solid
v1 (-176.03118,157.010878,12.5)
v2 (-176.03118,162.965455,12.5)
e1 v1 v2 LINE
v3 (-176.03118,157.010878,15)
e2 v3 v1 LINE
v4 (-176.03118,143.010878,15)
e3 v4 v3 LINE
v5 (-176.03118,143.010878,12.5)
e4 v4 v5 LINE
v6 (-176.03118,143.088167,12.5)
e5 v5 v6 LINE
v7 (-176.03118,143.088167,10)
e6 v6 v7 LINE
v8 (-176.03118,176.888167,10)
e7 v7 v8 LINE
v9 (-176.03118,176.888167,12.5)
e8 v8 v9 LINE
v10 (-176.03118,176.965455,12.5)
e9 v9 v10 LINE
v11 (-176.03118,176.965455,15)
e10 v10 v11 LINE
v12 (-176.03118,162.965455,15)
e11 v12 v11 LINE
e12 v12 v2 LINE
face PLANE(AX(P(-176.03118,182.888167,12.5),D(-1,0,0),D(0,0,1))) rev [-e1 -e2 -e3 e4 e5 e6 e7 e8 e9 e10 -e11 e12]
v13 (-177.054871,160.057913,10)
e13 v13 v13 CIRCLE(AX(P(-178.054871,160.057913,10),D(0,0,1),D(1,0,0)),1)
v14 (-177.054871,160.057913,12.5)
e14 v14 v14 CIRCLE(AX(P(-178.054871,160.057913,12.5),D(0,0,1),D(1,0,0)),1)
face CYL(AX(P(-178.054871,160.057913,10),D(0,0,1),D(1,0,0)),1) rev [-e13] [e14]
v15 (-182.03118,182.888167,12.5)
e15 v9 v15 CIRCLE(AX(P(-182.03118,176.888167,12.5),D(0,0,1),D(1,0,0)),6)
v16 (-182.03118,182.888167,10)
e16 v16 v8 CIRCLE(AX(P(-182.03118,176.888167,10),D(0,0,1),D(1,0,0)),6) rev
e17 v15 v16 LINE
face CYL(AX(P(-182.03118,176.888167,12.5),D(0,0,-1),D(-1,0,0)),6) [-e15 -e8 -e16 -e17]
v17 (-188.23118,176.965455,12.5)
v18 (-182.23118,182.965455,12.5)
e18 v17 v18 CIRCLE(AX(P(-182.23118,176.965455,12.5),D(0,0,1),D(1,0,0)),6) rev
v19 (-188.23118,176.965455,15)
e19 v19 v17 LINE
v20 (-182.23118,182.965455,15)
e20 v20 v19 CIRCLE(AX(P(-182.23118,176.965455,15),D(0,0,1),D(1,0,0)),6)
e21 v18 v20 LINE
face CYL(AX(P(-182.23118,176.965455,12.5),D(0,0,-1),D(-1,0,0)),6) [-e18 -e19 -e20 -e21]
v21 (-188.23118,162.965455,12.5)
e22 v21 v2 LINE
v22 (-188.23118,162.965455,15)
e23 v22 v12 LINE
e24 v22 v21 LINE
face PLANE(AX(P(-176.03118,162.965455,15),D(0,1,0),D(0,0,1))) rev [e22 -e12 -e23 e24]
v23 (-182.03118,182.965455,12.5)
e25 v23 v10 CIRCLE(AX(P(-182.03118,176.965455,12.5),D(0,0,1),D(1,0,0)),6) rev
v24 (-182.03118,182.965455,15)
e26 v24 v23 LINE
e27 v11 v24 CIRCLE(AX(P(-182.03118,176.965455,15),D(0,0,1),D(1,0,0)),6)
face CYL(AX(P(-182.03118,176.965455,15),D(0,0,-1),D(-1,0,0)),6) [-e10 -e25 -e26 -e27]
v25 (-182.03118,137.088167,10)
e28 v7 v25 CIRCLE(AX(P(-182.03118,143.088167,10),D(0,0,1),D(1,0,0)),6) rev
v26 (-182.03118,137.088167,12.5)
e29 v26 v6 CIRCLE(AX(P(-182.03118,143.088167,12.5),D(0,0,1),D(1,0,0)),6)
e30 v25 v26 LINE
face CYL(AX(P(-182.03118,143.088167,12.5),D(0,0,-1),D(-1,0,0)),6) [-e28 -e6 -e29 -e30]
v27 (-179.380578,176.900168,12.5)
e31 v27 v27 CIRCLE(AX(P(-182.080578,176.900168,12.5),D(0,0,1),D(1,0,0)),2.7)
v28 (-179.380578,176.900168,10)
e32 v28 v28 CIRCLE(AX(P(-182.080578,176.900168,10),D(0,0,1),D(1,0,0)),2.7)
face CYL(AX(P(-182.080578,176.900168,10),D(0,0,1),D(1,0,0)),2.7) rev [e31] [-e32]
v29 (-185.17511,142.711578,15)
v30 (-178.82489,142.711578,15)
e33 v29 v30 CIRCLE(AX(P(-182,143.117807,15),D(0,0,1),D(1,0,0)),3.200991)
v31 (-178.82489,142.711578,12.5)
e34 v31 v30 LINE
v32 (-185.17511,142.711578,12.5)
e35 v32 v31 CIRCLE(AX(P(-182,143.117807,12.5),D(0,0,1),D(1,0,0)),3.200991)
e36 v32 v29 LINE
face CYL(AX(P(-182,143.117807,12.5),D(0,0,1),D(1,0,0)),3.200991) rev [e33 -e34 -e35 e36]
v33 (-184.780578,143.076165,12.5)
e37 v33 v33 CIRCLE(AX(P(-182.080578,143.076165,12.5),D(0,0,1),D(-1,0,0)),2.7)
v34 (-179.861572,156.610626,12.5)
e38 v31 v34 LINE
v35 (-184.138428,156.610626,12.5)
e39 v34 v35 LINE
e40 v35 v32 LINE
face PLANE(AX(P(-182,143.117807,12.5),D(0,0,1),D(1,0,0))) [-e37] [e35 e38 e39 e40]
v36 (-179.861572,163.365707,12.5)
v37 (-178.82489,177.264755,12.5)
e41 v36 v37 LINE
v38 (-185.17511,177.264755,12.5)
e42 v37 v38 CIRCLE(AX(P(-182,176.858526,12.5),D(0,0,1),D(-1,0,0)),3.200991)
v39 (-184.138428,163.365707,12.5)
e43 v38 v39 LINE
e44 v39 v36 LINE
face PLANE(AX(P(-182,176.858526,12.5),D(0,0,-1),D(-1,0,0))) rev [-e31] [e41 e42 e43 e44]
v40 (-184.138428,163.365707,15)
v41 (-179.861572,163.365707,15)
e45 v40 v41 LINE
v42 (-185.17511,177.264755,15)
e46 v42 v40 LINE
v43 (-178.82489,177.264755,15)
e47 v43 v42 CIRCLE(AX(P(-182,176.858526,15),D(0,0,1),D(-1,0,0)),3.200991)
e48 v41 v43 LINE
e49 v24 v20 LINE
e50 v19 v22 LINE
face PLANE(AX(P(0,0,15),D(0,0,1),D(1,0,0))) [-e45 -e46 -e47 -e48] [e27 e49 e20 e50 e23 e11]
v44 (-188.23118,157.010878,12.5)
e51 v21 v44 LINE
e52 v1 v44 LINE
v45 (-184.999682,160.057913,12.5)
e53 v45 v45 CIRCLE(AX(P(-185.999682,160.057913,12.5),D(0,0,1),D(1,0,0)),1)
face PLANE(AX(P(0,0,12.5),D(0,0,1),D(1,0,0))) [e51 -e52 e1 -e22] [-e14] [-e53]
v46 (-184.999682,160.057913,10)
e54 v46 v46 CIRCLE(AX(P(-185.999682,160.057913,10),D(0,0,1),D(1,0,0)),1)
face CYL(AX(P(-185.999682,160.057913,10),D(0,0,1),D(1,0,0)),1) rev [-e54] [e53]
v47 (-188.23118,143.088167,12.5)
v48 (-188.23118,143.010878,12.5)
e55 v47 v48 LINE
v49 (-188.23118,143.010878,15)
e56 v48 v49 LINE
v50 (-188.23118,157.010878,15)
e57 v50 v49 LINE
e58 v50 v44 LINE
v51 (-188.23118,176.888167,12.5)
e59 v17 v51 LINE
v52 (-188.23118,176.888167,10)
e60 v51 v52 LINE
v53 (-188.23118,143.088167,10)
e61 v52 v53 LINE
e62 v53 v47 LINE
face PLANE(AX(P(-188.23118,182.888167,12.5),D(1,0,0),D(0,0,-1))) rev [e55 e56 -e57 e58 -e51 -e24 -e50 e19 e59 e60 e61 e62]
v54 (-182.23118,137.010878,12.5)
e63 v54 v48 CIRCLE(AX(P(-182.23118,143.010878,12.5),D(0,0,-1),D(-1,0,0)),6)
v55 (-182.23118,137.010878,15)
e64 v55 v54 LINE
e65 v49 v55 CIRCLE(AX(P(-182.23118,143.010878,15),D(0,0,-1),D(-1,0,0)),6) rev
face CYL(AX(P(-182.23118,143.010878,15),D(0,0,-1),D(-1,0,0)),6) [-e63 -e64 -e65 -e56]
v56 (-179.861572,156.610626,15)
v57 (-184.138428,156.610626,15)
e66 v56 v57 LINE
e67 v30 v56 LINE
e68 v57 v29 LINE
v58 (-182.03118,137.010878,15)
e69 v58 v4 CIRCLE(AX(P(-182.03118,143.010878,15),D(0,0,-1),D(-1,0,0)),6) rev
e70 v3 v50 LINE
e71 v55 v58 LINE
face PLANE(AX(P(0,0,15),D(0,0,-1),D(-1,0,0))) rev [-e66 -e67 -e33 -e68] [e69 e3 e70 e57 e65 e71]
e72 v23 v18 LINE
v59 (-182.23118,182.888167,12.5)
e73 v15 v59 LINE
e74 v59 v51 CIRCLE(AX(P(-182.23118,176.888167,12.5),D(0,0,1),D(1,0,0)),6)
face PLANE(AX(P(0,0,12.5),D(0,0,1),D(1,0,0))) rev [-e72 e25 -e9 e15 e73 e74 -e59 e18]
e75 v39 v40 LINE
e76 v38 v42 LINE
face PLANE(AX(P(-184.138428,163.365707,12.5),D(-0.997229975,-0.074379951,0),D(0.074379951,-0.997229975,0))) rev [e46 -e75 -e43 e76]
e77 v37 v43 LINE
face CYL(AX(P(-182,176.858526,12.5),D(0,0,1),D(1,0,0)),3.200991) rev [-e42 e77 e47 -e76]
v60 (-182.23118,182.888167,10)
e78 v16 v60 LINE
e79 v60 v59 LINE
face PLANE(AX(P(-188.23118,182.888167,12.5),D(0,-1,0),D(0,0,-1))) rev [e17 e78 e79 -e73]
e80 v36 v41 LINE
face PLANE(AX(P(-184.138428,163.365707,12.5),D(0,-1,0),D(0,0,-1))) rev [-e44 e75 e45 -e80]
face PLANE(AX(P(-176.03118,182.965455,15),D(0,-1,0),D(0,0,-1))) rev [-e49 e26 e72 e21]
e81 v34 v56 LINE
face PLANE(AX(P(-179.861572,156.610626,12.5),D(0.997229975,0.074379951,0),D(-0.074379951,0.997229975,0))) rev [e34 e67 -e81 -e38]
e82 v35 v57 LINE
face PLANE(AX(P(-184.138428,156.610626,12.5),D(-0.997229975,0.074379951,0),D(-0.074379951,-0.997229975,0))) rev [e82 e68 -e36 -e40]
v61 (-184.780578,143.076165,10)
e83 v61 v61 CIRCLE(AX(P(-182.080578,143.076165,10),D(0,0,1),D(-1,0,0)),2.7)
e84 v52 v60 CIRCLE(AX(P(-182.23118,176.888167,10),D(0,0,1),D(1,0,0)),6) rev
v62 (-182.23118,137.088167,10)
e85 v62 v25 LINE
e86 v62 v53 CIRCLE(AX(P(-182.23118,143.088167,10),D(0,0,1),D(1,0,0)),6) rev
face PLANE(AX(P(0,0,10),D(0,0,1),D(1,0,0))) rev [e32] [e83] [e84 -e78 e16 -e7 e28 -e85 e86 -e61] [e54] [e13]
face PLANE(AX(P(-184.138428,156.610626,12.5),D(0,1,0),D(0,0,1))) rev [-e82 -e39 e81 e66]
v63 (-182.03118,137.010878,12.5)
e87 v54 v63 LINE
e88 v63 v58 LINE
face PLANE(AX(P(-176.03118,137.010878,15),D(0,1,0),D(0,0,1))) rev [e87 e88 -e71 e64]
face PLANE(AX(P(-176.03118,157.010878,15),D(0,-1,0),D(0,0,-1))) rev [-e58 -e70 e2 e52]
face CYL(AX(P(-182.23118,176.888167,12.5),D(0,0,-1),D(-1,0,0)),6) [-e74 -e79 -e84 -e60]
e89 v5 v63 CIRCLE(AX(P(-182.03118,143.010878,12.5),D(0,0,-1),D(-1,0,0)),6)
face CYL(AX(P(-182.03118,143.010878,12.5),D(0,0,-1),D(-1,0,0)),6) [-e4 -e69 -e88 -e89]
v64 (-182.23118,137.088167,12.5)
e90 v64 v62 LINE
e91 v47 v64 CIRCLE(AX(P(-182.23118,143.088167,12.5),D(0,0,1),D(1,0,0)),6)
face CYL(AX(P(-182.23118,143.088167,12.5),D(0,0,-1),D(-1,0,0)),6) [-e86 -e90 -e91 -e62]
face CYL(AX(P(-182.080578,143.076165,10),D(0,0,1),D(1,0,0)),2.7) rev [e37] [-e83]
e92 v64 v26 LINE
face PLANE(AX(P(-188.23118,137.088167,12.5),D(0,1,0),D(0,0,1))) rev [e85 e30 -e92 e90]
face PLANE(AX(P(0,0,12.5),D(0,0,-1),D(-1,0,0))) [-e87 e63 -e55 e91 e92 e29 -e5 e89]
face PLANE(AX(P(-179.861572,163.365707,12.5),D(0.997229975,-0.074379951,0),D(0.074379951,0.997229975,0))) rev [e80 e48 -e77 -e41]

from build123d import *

# Parameters (mm, degrees)
SKETCH1_W           = 12.2
SKETCH1_H           = 45.8
BOSS_EXTRUDE1_DEPTH = 2.5
FILLET1_R           = 6
SKETCH2_W           = 12.2
SKETCH2_H           = 20
BOSS_EXTRUDE2_DEPTH = 2.5
FILLET2_R           = 6
SKETCH3_R           = 1
CUT_EXTRUDE1_DEPTH  = 2.5
CUT_EXTRUDE2_DEPTH  = 2.5
SKETCH5_R           = 2.7
CUT_EXTRUDE3_DEPTH  = 2.5


with BuildPart() as part:
    # Sketch1 → Boss-Extrude1 (new body)
    with BuildSketch(Plane.XY.offset(10)):
        with Locations((-182.131179691, 159.988166791)):
            Rectangle(SKETCH1_W, SKETCH1_H)
    extrude(amount=BOSS_EXTRUDE1_DEPTH)

    # Fillet1
    fillet1_edges = [part.edges().sort_by_distance(p)[0] for p in [
        (-188.231179691, 182.888166791, 11.25),
        (-176.031179691, 182.888166791, 11.25),
        (-176.031179691, 137.088166791, 11.25),
        (-188.231179691, 137.088166791, 11.25),
    ]]
    fillet(fillet1_edges, radius=FILLET1_R)

    # Sketch2 → Boss-Extrude2 (add)
    with BuildSketch(Plane.XY.offset(12.5)):
        with Locations((-182.131179691, 172.965455297)):
            Rectangle(SKETCH2_W, SKETCH2_H)
        with Locations((-182.131179691, 147.010878284)):
            Rectangle(SKETCH2_W, SKETCH2_H)
    extrude(amount=BOSS_EXTRUDE2_DEPTH)

    # Fillet2
    fillet2_edges = [part.edges().sort_by_distance(p)[0] for p in [
        (-176.031179691, 182.965455297, 13.75),
        (-188.231179691, 182.965455297, 13.75),
        (-176.031179691, 137.010878284, 13.75),
        (-188.231179691, 137.010878284, 13.75),
    ]]
    fillet(fillet2_edges, radius=FILLET2_R)

    # Sketch3 → Cut-Extrude1 (cut)
    with BuildSketch(Plane.XY.offset(12.5)):
        with Locations((-185.999682024, 160.057912714)):
            Circle(SKETCH3_R)
        with Locations((-178.054871456, 160.057912714)):
            Circle(SKETCH3_R)
    extrude(amount=-CUT_EXTRUDE1_DEPTH, mode=Mode.SUBTRACT)

    # Sketch4 → Cut-Extrude2 (cut)
    with BuildSketch(Plane.XY.offset(15)):
        with BuildLine():
            Line((-184.138427734, 163.365707397), (-179.861572266, 163.365707397))
            Line((-179.861572266, 163.365707397), (-178.824890137, 177.264755249))
            ThreePointArc((-178.824890137, 177.264755249), (-182, 180.059517658), (-185.175109863, 177.264755249))
            Line((-185.175109863, 177.264755249), (-184.138427734, 163.365707397))
        make_face()
        with BuildLine():
            Line((-184.138427734, 156.610626184), (-185.175109863, 142.711578332))
            ThreePointArc((-185.175109863, 142.711578332), (-182, 139.916815923), (-178.824890137, 142.711578332))
            Line((-178.824890137, 142.711578332), (-179.861572266, 156.610626184))
            Line((-179.861572266, 156.610626184), (-184.138427734, 156.610626184))
        make_face()
    extrude(amount=-CUT_EXTRUDE2_DEPTH, mode=Mode.SUBTRACT)

    # Sketch5 → Cut-Extrude3 (cut)
    with BuildSketch(Plane.XY.offset(12.5)):
        with Locations((-182.080577922, 176.90016829)):
            Circle(SKETCH5_R)
        with Locations(Location((-182.080577922, 143.076165291, 0), (0, 0, 180))):
            Circle(SKETCH5_R)
    extrude(amount=-CUT_EXTRUDE3_DEPTH, mode=Mode.SUBTRACT)


solid = part.part
